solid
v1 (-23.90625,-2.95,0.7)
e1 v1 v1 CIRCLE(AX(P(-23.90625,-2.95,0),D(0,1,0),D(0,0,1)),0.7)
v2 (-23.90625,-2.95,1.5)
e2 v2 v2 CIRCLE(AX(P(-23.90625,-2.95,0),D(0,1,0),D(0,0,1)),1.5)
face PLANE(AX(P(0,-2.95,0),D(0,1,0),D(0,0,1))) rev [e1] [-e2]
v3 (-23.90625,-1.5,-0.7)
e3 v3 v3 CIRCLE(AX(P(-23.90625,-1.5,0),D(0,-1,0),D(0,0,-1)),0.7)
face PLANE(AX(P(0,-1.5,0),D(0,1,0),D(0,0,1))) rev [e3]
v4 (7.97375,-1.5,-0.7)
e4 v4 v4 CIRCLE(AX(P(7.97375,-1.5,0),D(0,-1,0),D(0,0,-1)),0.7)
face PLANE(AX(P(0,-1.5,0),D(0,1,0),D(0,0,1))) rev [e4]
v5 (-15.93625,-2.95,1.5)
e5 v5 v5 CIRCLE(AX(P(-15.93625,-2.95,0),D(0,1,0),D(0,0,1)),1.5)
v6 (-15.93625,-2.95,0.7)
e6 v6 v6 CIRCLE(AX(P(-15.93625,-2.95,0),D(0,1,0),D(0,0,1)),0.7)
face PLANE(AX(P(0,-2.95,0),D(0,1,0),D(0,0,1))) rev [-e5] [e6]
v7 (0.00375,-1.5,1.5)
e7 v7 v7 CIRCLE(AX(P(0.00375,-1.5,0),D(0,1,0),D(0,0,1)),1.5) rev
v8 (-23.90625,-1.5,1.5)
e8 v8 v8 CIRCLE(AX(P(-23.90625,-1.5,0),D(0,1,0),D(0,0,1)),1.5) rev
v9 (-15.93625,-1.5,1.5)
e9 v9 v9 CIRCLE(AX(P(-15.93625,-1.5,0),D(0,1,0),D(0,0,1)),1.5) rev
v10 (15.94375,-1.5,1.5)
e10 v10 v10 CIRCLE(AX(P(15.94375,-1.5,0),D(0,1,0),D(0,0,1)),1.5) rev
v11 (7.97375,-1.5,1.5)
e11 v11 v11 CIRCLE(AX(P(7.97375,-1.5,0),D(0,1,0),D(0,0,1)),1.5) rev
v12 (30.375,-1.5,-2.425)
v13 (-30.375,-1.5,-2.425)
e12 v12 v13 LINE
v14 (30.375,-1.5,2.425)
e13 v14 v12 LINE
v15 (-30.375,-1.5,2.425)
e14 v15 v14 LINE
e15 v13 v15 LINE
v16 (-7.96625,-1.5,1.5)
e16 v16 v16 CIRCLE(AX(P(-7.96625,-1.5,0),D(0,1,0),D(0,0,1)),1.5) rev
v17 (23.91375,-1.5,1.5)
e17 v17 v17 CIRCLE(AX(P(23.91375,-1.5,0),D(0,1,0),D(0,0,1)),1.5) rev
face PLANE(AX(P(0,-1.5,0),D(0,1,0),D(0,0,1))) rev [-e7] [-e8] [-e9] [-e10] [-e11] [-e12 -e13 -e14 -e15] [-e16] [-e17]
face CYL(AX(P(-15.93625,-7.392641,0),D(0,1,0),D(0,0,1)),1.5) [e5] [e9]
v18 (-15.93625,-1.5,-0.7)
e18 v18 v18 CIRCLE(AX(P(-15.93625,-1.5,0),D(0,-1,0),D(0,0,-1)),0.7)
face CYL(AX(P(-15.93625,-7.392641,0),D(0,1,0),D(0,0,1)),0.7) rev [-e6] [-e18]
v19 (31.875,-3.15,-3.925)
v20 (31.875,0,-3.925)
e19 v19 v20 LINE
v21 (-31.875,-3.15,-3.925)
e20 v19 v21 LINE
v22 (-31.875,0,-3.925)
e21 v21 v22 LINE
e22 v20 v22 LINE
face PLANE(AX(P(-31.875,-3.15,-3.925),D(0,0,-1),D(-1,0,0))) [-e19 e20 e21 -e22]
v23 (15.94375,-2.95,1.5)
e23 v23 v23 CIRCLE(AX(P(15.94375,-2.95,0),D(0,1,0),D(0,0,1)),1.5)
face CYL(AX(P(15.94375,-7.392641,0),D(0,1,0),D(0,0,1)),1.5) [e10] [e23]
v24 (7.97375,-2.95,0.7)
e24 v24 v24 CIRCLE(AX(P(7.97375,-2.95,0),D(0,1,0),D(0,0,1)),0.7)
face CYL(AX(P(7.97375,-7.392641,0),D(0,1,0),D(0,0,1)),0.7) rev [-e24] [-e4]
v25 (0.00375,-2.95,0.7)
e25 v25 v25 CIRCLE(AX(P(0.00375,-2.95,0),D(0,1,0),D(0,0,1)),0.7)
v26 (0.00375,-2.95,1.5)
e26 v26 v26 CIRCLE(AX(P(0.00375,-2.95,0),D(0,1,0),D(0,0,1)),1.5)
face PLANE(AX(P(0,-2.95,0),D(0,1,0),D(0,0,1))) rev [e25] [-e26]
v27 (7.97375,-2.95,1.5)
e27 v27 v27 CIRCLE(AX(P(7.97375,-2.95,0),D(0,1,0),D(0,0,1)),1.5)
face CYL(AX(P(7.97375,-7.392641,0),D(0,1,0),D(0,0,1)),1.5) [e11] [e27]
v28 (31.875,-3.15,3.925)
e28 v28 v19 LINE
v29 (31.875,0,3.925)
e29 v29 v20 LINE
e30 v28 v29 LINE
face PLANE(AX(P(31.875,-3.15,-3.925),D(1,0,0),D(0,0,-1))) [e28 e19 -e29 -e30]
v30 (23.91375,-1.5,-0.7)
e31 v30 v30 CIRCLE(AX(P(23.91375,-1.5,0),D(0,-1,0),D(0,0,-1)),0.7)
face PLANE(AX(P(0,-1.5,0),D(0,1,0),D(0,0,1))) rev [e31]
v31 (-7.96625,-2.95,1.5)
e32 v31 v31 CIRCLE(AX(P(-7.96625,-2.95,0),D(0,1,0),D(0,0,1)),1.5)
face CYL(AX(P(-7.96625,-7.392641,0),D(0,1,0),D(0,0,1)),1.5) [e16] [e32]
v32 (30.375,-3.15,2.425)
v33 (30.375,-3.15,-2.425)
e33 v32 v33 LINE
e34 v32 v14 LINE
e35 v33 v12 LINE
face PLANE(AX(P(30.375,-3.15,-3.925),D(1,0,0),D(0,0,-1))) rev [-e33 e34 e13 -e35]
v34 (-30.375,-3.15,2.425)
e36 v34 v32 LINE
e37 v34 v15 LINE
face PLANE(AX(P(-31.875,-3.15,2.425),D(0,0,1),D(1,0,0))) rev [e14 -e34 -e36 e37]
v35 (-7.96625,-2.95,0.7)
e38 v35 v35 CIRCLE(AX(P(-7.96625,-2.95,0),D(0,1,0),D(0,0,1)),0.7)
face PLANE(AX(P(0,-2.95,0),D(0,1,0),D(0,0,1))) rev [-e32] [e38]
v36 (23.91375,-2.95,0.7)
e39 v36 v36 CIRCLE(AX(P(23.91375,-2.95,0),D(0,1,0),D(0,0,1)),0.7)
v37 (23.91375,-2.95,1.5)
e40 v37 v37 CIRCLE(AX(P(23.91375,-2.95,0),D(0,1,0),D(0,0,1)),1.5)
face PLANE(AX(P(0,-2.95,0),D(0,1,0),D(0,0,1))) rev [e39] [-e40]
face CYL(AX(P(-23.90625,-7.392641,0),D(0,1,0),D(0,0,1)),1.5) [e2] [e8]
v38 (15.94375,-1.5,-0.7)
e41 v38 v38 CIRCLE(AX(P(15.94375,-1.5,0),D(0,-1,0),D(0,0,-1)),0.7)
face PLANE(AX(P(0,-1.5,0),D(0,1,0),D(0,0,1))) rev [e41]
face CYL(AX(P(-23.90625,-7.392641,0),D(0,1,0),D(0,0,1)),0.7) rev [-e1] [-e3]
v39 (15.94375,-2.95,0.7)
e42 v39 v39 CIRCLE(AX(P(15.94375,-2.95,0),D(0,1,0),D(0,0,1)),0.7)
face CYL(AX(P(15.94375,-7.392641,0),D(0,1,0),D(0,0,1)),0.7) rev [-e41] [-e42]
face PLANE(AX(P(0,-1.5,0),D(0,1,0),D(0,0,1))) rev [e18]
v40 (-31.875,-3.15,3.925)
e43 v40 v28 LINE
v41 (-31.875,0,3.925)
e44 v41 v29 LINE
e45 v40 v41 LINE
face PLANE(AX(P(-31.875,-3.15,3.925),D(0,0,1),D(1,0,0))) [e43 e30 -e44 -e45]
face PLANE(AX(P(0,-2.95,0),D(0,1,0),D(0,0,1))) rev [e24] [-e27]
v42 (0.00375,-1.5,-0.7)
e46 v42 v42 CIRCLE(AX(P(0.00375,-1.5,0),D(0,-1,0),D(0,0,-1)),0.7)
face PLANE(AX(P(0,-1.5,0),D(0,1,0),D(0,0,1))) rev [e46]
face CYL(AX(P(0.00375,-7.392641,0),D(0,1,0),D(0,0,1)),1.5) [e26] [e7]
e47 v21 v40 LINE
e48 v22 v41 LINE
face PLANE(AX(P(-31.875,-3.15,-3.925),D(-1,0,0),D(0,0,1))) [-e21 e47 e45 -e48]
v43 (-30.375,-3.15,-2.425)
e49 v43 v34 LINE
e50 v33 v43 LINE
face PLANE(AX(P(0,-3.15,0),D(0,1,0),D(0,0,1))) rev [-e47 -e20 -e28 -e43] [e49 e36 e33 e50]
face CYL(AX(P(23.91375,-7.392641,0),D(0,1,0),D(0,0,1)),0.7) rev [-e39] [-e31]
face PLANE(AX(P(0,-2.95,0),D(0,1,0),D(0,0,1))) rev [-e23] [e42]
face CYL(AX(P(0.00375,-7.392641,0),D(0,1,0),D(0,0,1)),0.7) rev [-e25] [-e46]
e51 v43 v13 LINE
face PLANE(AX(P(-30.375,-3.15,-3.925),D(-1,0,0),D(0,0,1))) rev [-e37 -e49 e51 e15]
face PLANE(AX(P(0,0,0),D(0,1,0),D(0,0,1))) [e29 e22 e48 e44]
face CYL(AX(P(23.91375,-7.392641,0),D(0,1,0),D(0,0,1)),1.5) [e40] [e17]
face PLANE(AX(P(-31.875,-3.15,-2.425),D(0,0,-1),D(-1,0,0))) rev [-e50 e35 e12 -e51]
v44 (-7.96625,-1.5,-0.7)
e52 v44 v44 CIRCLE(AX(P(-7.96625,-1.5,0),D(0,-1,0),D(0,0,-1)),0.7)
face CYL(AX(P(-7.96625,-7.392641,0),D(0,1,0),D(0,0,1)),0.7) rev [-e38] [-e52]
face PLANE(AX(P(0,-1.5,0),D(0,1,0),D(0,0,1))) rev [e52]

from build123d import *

# Parameters (mm, degrees)
SKETCH1_W           = 63.75
SKETCH1_H           = 7.85
BOSS_EXTRUDE1_DEPTH = 3.15
SHELL1_T            = -1.5
SKETCH2_R           = 1.5
SKETCH2_R_2         = 0.7
BOSS_EXTRUDE2_DEPTH = 1.45


with BuildPart() as part:
    # Sketch1 → Boss-Extrude1 (new body)
    with BuildSketch(Plane(origin=(0, 0, 0), x_dir=(1, 0, 0), z_dir=(0, 1, 0))):
        Rectangle(SKETCH1_W, SKETCH1_H)
    extrude(amount=-BOSS_EXTRUDE1_DEPTH)

    # Shell1
    shell1_openings = [part.faces().sort_by_distance(p)[0] for p in [
        (0, -3.15, 0),
    ]]
    offset(amount=SHELL1_T, openings=shell1_openings, kind=Kind.INTERSECTION)

    # Sketch2 → Boss-Extrude2 (add)
    # profile 1 of 7: a face of its own
    with BuildSketch(Plane.XZ.offset(1.5)):
        with Locations(Location((-23.90625, 0, 0), (0, 0, 90))):
            Circle(SKETCH2_R)
        with Locations(Location((-23.90625, 0, 0), (0, 0, 90))):
            Circle(SKETCH2_R_2, mode=Mode.SUBTRACT)
    # profile 2 of 7: a face of its own
    with BuildSketch(Plane.XZ.offset(1.5)):
        with Locations(Location((-15.93625, 0, 0), (0, 0, 90))):
            Circle(SKETCH2_R)
        with Locations(Location((-15.93625, 0, 0), (0, 0, 90))):
            Circle(SKETCH2_R_2, mode=Mode.SUBTRACT)
    # profile 3 of 7: a face of its own
    with BuildSketch(Plane.XZ.offset(1.5)):
        with Locations(Location((-7.96625, 0, 0), (0, 0, 90))):
            Circle(SKETCH2_R)
        with Locations(Location((-7.96625, 0, 0), (0, 0, 90))):
            Circle(SKETCH2_R_2, mode=Mode.SUBTRACT)
    # profile 4 of 7: a face of its own
    with BuildSketch(Plane.XZ.offset(1.5)):
        with Locations(Location((0.00375, 0, 0), (0, 0, 90))):
            Circle(SKETCH2_R)
        with Locations(Location((0.00375, 0, 0), (0, 0, 90))):
            Circle(SKETCH2_R_2, mode=Mode.SUBTRACT)
    # profile 5 of 7: a face of its own
    with BuildSketch(Plane.XZ.offset(1.5)):
        with Locations(Location((7.97375, 0, 0), (0, 0, 90))):
            Circle(SKETCH2_R)
        with Locations(Location((7.97375, 0, 0), (0, 0, 90))):
            Circle(SKETCH2_R_2, mode=Mode.SUBTRACT)
    # profile 6 of 7: a face of its own
    with BuildSketch(Plane.XZ.offset(1.5)):
        with Locations(Location((15.94375, 0, 0), (0, 0, 90))):
            Circle(SKETCH2_R)
        with Locations(Location((15.94375, 0, 0), (0, 0, 90))):
            Circle(SKETCH2_R_2, mode=Mode.SUBTRACT)
    # profile 7 of 7: a face of its own
    with BuildSketch(Plane.XZ.offset(1.5)):
        with Locations(Location((23.91375, 0, 0), (0, 0, 90))):
            Circle(SKETCH2_R)
        with Locations(Location((23.91375, 0, 0), (0, 0, 90))):
            Circle(SKETCH2_R_2, mode=Mode.SUBTRACT)
    extrude(amount=BOSS_EXTRUDE2_DEPTH)


solid = part.part
